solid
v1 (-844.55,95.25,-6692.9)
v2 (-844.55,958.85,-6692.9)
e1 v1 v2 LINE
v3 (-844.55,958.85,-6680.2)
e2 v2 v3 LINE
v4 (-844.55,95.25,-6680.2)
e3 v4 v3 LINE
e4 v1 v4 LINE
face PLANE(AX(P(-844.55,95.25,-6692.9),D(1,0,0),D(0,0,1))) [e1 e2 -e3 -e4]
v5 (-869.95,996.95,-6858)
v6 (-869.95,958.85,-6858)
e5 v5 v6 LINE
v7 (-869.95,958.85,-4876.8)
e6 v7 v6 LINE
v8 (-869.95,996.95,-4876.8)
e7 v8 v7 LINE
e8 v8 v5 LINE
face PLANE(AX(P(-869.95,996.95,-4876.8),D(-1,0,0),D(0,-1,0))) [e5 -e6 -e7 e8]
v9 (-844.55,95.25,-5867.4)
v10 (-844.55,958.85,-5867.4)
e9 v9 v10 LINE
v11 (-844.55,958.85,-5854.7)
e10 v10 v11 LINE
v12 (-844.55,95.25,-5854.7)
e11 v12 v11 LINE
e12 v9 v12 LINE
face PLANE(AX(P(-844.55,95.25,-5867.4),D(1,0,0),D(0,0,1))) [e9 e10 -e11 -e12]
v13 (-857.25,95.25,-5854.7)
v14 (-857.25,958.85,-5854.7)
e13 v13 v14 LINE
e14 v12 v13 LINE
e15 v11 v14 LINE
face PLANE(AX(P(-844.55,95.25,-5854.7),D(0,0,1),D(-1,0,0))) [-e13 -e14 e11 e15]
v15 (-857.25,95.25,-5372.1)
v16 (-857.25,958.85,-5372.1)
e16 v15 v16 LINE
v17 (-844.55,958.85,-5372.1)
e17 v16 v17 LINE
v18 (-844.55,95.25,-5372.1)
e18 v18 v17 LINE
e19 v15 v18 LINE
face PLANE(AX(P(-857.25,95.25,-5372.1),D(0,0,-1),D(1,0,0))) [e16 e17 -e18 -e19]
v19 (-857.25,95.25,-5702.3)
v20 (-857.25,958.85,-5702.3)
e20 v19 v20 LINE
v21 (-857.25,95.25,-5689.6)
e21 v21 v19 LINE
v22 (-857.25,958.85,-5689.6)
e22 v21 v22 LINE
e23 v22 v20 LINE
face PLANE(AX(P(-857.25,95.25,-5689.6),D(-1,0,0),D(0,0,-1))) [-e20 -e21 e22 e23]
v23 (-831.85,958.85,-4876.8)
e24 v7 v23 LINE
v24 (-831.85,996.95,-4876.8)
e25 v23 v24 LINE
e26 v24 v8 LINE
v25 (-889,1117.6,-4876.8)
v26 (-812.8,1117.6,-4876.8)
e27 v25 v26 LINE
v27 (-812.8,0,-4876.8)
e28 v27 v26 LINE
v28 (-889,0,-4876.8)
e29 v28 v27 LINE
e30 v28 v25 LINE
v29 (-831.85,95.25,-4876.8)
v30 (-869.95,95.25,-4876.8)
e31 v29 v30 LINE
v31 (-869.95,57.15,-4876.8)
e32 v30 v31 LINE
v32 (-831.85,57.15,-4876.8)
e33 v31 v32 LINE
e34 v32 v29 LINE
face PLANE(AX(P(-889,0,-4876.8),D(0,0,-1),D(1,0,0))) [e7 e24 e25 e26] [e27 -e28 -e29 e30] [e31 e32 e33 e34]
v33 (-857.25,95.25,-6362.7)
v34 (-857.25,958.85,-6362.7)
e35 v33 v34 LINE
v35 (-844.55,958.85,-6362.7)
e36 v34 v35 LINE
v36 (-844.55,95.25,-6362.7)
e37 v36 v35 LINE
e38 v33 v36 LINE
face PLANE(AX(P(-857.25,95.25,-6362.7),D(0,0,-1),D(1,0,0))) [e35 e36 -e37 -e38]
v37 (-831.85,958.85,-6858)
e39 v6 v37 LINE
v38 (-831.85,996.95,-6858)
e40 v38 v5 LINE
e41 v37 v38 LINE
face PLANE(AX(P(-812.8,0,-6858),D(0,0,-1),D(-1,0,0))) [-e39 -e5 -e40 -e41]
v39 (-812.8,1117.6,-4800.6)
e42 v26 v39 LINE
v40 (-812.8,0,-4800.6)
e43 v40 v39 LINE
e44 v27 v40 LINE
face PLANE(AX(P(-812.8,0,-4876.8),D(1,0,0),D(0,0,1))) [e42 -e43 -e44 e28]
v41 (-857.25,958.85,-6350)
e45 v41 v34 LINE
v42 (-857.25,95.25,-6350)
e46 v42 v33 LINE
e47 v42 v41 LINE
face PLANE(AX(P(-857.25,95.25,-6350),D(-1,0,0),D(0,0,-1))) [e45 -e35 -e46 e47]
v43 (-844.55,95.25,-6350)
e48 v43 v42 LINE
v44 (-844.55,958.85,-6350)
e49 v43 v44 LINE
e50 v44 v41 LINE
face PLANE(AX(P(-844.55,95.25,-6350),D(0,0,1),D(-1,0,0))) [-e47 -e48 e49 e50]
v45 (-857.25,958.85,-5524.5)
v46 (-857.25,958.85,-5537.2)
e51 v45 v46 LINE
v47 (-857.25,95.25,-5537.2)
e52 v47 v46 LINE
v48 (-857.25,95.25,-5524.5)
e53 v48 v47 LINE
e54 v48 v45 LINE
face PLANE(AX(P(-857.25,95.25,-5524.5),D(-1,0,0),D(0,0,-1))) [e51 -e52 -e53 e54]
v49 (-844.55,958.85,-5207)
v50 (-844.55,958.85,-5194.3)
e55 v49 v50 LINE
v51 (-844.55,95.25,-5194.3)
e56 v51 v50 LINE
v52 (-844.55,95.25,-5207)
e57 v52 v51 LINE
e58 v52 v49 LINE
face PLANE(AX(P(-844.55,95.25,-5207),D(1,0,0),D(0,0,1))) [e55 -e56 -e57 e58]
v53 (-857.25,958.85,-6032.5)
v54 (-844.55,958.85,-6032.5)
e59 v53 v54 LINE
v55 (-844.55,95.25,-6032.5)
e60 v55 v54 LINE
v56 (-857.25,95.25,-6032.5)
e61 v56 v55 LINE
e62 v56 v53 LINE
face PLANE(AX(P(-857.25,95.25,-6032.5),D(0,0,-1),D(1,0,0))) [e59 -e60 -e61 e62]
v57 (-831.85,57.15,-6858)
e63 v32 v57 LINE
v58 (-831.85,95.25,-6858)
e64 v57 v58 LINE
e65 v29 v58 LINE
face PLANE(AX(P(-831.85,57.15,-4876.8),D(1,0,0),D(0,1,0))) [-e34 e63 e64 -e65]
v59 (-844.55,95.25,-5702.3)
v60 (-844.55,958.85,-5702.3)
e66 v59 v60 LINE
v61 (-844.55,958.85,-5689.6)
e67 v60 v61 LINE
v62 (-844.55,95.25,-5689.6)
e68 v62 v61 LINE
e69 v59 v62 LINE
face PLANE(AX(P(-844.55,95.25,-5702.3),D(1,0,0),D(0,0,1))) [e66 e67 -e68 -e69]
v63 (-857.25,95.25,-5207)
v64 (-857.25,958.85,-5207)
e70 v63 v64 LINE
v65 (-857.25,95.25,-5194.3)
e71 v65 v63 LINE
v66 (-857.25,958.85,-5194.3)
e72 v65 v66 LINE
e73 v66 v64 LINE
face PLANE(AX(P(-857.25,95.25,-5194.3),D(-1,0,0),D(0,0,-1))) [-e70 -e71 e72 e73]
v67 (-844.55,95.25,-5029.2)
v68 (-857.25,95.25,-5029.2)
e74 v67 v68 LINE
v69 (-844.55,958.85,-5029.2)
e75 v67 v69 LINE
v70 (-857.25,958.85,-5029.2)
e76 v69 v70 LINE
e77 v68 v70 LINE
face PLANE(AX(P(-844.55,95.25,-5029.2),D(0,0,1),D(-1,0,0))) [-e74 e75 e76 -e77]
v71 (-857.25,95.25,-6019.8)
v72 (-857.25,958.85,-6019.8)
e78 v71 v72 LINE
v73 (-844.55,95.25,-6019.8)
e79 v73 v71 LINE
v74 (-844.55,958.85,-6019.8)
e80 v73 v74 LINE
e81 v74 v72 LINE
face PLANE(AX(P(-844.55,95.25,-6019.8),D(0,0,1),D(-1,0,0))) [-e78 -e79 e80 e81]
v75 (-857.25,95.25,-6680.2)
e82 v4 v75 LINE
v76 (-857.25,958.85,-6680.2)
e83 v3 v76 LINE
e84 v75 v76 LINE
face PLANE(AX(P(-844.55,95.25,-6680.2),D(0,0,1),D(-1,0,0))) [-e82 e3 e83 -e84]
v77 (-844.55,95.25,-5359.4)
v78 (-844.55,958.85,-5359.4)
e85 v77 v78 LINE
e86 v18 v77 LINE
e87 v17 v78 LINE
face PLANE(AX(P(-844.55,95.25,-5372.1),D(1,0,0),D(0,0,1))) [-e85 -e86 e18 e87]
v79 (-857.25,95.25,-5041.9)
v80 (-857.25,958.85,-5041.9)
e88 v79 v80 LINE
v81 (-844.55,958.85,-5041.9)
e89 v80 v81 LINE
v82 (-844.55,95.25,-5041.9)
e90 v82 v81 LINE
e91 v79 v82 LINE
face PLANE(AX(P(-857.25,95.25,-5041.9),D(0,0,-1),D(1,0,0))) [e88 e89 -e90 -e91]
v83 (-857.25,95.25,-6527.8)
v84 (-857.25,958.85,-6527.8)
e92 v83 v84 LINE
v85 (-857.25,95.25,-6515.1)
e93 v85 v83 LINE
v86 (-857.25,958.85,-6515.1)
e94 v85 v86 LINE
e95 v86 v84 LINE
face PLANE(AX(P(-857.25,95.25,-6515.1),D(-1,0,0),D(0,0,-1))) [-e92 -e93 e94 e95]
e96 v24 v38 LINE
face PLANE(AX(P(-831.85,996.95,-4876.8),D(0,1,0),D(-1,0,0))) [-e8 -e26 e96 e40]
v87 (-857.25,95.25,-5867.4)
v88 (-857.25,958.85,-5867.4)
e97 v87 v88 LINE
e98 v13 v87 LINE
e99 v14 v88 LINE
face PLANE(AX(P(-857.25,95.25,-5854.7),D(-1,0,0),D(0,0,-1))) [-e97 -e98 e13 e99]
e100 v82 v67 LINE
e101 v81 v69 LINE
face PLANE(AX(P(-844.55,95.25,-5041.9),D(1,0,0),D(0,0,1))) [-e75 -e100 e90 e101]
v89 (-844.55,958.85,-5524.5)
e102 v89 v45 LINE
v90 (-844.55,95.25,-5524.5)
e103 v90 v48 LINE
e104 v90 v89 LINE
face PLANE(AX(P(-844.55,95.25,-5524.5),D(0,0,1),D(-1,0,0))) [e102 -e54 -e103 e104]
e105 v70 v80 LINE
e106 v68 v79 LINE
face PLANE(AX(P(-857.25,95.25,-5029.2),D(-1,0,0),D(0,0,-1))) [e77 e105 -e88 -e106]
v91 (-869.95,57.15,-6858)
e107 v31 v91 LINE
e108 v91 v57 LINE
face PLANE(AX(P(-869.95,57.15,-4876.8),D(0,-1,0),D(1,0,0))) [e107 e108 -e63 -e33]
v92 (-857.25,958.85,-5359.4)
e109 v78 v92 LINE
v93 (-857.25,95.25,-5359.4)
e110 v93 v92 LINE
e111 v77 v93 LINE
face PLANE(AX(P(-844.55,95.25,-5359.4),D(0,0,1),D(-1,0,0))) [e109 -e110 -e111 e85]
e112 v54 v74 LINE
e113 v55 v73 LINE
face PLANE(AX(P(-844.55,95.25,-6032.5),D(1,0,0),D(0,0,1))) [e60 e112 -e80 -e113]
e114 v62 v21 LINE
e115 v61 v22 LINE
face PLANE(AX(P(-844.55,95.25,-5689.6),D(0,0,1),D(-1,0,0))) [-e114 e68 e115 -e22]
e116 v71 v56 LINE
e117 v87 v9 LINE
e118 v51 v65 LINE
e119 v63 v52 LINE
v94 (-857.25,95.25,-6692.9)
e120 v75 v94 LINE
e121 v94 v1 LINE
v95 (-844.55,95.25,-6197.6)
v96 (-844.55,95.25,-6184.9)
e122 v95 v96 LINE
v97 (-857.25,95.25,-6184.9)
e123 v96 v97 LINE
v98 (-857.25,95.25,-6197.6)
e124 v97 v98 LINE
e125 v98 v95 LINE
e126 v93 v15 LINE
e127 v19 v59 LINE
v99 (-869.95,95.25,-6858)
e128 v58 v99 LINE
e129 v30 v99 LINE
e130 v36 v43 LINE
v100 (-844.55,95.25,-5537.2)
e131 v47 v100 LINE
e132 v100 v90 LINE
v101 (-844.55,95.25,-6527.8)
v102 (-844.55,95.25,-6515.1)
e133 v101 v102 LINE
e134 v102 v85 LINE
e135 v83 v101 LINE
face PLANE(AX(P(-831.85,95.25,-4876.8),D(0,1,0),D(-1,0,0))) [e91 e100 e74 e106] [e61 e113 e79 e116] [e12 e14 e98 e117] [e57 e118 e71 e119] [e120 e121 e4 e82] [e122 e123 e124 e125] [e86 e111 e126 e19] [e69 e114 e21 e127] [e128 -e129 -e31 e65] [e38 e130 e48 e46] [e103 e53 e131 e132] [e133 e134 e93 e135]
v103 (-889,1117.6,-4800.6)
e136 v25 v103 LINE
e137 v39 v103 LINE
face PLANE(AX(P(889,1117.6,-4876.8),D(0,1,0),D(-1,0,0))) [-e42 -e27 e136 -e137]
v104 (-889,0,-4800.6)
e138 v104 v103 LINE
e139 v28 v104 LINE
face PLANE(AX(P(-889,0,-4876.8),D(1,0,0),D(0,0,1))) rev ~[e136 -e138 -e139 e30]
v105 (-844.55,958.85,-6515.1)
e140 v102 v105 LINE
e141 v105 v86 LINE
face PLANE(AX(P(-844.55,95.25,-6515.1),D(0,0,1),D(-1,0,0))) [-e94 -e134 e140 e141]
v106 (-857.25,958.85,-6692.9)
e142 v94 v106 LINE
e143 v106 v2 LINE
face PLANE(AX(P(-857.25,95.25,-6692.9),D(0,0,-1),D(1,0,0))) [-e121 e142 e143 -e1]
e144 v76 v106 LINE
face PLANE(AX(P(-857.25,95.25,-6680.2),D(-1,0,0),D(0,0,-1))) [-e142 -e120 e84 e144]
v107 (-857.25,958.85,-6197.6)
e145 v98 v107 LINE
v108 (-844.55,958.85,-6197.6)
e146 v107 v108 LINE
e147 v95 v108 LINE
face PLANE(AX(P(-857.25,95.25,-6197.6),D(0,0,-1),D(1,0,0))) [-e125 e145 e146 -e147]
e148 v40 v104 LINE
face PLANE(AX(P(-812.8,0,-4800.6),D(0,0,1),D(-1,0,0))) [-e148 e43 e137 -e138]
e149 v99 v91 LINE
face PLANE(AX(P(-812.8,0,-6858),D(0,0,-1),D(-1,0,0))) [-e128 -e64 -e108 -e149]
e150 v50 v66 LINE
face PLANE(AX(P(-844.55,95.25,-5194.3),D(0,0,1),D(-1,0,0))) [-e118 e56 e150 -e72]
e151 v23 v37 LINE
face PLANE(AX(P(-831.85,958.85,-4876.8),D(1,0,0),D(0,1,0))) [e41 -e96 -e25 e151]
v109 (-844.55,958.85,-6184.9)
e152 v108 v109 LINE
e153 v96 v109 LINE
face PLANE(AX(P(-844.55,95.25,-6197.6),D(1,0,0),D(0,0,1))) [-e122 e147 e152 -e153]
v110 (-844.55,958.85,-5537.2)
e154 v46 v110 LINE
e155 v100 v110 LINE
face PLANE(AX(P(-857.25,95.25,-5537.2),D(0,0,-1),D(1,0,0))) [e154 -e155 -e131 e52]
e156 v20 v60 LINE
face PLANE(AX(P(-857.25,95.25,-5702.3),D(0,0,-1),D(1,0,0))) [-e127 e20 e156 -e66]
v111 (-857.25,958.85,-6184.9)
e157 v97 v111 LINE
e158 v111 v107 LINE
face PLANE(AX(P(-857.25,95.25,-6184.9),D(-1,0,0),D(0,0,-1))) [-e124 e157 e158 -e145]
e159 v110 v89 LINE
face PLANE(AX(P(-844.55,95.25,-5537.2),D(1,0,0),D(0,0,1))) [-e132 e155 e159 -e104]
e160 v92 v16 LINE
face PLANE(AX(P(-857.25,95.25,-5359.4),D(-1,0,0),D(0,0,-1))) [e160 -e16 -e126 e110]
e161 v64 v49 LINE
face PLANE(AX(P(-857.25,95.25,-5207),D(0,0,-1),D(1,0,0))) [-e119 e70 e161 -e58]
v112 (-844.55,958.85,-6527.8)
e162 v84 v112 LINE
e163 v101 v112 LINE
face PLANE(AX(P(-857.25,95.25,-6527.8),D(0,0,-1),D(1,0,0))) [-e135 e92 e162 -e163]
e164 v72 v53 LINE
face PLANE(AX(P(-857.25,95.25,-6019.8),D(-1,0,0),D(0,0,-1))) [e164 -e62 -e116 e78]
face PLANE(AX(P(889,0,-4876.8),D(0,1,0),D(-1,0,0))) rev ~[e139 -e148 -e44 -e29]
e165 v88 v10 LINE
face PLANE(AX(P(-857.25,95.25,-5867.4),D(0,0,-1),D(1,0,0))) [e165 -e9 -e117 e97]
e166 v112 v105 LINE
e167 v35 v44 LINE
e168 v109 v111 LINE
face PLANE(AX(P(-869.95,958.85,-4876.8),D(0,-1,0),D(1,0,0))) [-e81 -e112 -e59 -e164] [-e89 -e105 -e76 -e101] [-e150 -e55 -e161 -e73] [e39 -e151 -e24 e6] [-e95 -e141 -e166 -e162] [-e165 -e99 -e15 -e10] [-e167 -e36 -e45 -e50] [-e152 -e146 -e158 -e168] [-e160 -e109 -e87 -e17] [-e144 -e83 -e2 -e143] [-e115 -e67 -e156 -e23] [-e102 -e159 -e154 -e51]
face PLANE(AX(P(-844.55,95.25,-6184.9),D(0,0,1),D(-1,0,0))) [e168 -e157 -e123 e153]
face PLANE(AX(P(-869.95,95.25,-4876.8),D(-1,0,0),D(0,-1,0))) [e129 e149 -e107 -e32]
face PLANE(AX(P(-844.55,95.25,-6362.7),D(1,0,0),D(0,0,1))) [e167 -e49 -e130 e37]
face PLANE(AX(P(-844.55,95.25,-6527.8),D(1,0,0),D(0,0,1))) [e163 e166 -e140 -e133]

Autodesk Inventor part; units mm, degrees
ref_plane "YZ Plane" through (0, 0, 0) normal (1, 0, 0) x (0, 1, 0)
ref_plane "XZ Plane" through (0, 0, 0) normal (0, 1, 0) x (-1, 0, 0)
ref_plane "XY Plane" through (0, 0, 0) normal (0, 0, 1) x (1, 0, 0)
sketch "Sketch1" plane through (889, 0, -4876.8) normal (0, 1, 0) x (-1, 0, 0)
  line L0 (1778, 0) -> (1778, 9753.6)
  line L1 (1778, 0) -> (1701.8, 0)
  line L2 (1701.8, 0) -> (1701.8, 76.2)
  line L3 (1701.8, 76.2) -> (1778, 76.2)
  line L4 (1778, 76.2) -> (1778, 0)
  line L5 (889, 0) -> (889, 9753.6) construction
  line L6 (0, 9753.6) -> (1778, 9753.6)
  point P0 (0, 0)
  dimension "d0" = 76.2
  dimension "d1" = 76.2
extrude "Extrusion1" add sketch "Sketch1" along normal blind 1117.6
sketch "Sketch2" plane through (-812.8, 0, -4876.8) normal (0, 0, -1) x (-1, 0, 0)
  line L0 (19.05, 95.25) -> (57.15, 95.25)
  line L1 (57.15, 95.25) -> (57.15, 57.15)
  line L2 (57.15, 57.15) -> (19.05, 57.15)
  line L3 (19.05, 57.15) -> (19.05, 95.25)
  line L4 (19.05, 95.25) -> (57.15, 57.15) construction
  line L5 (57.15, 95.25) -> (19.05, 57.15) construction
  line L6 (19.05, 996.95) -> (57.15, 996.95)
  line L7 (57.15, 996.95) -> (57.15, 958.85)
  line L8 (57.15, 958.85) -> (19.05, 958.85)
  line L9 (19.05, 958.85) -> (19.05, 996.95)
  line L10 (19.05, 996.95) -> (57.15, 958.85) construction
  line L11 (57.15, 996.95) -> (19.05, 958.85) construction
  line L12 (76.2, 55.9997) -> (76.2, 1188.6397)
  line L13 (76.2, 0) -> (76.2, 1117.6) projected
  line L14 (0, 0) -> (76.2, 0) projected
  point P0 (-812.8, 0)
  point P1 (64.1185, -20.2003)
  point P2 (38.1, 76.2)
  point P3 (38.1, 977.9)
  dimension "d5" = 38.1
  dimension "d6" = 38.1
  dimension "d7" = 38.1
  dimension "d9" = 863.6
  dimension "d10" = 38.1
  dimension "d11" = 38.1
  dimension "d12" = 38.1
  dimension "d13" = 76.2
extrude "Extrusion2" add sketch "Sketch2" along normal blind 1981.2
sketch "Sketch3" plane through (-831.85, 95.25, -4876.8) normal (0, 1, 0) x (1, 0, 0)
  line L0 (-19.05, 7.9484) -> (-19.05, 1981.2) construction
  line L1 (345.7063, 1981.2) -> (-383.8063, 1981.2)
  line L2 (-12.7, 152.4) -> (-25.4, 152.4)
  line L3 (-25.4, 152.4) -> (-25.4, 165.1)
  line L4 (-25.4, 165.1) -> (-12.7, 165.1)
  line L5 (-12.7, 165.1) -> (-12.7, 152.4)
  line L6 (-12.7, 152.4) -> (-25.4, 165.1) construction
  line L7 (-25.4, 152.4) -> (-12.7, 165.1) construction
  line L8 (-25.4, 317.5) -> (-25.4, 330.2)
  line L9 (-25.4, 330.2) -> (-12.7, 330.2)
  line L10 (-12.7, 330.2) -> (-12.7, 317.5)
  line L11 (-12.7, 317.5) -> (-25.4, 317.5)
  line L12 (-25.4, 482.6) -> (-25.4, 495.3)
  line L13 (-25.4, 495.3) -> (-12.7, 495.3)
  line L14 (-12.7, 495.3) -> (-12.7, 482.6)
  line L15 (-12.7, 482.6) -> (-25.4, 482.6)
  line L16 (-25.4, 647.7) -> (-25.4, 660.4)
  line L17 (-25.4, 660.4) -> (-12.7, 660.4)
  line L18 (-12.7, 660.4) -> (-12.7, 647.7)
  line L19 (-12.7, 647.7) -> (-25.4, 647.7)
  line L20 (-25.4, 812.8) -> (-25.4, 825.5)
  line L21 (-25.4, 825.5) -> (-12.7, 825.5)
  line L22 (-12.7, 825.5) -> (-12.7, 812.8)
  line L23 (-12.7, 812.8) -> (-25.4, 812.8)
  line L24 (-25.4, 977.9) -> (-25.4, 990.6)
  line L25 (-25.4, 990.6) -> (-12.7, 990.6)
  line L26 (-12.7, 990.6) -> (-12.7, 977.9)
  line L27 (-12.7, 977.9) -> (-25.4, 977.9)
  line L28 (-25.4, 1143) -> (-25.4, 1155.7)
  line L29 (-25.4, 1155.7) -> (-12.7, 1155.7)
  line L30 (-12.7, 1155.7) -> (-12.7, 1143)
  line L31 (-12.7, 1143) -> (-25.4, 1143)
  line L32 (-25.4, 1308.1) -> (-25.4, 1320.8)
  line L33 (-25.4, 1320.8) -> (-12.7, 1320.8)
  line L34 (-12.7, 1320.8) -> (-12.7, 1308.1)
  line L35 (-12.7, 1308.1) -> (-25.4, 1308.1)
  line L36 (-25.4, 1473.2) -> (-25.4, 1485.9)
  line L37 (-25.4, 1485.9) -> (-12.7, 1485.9)
  line L38 (-12.7, 1485.9) -> (-12.7, 1473.2)
  line L39 (-12.7, 1473.2) -> (-25.4, 1473.2)
  line L40 (-25.4, 1638.3) -> (-25.4, 1651)
  line L41 (-25.4, 1651) -> (-12.7, 1651)
  line L42 (-12.7, 1651) -> (-12.7, 1638.3)
  line L43 (-12.7, 1638.3) -> (-25.4, 1638.3)
  line L44 (-25.4, 1803.4) -> (-25.4, 1816.1)
  line L45 (-25.4, 1816.1) -> (-12.7, 1816.1)
  line L46 (-12.7, 1816.1) -> (-12.7, 1803.4)
  line L47 (-12.7, 1803.4) -> (-25.4, 1803.4)
  line L48 (19.05, 0) -> (-57.15, 0) projected
  line L49 (-38.1, 0) -> (-38.1, 1981.2) projected
  line L50 (-38.1, 1981.2) -> (0, 1981.2) projected
  point P0 (831.85, -4876.8)
  point P1 (-524.2437, -132.1024)
  point P2 (-19.05, 158.75)
  dimension "d20" = 12.7
  dimension "d21" = 12.7
  dimension "d23" = 165.1
  dimension "d25" = 152.4
  dimension "d27" = 19.05
  dimension "d28" = 0
extrude "Extrusion3" add sketch "Sketch3" along normal up to surface (863.6 mm away)
properties part number "Railing" material "Iron, Wrought"
